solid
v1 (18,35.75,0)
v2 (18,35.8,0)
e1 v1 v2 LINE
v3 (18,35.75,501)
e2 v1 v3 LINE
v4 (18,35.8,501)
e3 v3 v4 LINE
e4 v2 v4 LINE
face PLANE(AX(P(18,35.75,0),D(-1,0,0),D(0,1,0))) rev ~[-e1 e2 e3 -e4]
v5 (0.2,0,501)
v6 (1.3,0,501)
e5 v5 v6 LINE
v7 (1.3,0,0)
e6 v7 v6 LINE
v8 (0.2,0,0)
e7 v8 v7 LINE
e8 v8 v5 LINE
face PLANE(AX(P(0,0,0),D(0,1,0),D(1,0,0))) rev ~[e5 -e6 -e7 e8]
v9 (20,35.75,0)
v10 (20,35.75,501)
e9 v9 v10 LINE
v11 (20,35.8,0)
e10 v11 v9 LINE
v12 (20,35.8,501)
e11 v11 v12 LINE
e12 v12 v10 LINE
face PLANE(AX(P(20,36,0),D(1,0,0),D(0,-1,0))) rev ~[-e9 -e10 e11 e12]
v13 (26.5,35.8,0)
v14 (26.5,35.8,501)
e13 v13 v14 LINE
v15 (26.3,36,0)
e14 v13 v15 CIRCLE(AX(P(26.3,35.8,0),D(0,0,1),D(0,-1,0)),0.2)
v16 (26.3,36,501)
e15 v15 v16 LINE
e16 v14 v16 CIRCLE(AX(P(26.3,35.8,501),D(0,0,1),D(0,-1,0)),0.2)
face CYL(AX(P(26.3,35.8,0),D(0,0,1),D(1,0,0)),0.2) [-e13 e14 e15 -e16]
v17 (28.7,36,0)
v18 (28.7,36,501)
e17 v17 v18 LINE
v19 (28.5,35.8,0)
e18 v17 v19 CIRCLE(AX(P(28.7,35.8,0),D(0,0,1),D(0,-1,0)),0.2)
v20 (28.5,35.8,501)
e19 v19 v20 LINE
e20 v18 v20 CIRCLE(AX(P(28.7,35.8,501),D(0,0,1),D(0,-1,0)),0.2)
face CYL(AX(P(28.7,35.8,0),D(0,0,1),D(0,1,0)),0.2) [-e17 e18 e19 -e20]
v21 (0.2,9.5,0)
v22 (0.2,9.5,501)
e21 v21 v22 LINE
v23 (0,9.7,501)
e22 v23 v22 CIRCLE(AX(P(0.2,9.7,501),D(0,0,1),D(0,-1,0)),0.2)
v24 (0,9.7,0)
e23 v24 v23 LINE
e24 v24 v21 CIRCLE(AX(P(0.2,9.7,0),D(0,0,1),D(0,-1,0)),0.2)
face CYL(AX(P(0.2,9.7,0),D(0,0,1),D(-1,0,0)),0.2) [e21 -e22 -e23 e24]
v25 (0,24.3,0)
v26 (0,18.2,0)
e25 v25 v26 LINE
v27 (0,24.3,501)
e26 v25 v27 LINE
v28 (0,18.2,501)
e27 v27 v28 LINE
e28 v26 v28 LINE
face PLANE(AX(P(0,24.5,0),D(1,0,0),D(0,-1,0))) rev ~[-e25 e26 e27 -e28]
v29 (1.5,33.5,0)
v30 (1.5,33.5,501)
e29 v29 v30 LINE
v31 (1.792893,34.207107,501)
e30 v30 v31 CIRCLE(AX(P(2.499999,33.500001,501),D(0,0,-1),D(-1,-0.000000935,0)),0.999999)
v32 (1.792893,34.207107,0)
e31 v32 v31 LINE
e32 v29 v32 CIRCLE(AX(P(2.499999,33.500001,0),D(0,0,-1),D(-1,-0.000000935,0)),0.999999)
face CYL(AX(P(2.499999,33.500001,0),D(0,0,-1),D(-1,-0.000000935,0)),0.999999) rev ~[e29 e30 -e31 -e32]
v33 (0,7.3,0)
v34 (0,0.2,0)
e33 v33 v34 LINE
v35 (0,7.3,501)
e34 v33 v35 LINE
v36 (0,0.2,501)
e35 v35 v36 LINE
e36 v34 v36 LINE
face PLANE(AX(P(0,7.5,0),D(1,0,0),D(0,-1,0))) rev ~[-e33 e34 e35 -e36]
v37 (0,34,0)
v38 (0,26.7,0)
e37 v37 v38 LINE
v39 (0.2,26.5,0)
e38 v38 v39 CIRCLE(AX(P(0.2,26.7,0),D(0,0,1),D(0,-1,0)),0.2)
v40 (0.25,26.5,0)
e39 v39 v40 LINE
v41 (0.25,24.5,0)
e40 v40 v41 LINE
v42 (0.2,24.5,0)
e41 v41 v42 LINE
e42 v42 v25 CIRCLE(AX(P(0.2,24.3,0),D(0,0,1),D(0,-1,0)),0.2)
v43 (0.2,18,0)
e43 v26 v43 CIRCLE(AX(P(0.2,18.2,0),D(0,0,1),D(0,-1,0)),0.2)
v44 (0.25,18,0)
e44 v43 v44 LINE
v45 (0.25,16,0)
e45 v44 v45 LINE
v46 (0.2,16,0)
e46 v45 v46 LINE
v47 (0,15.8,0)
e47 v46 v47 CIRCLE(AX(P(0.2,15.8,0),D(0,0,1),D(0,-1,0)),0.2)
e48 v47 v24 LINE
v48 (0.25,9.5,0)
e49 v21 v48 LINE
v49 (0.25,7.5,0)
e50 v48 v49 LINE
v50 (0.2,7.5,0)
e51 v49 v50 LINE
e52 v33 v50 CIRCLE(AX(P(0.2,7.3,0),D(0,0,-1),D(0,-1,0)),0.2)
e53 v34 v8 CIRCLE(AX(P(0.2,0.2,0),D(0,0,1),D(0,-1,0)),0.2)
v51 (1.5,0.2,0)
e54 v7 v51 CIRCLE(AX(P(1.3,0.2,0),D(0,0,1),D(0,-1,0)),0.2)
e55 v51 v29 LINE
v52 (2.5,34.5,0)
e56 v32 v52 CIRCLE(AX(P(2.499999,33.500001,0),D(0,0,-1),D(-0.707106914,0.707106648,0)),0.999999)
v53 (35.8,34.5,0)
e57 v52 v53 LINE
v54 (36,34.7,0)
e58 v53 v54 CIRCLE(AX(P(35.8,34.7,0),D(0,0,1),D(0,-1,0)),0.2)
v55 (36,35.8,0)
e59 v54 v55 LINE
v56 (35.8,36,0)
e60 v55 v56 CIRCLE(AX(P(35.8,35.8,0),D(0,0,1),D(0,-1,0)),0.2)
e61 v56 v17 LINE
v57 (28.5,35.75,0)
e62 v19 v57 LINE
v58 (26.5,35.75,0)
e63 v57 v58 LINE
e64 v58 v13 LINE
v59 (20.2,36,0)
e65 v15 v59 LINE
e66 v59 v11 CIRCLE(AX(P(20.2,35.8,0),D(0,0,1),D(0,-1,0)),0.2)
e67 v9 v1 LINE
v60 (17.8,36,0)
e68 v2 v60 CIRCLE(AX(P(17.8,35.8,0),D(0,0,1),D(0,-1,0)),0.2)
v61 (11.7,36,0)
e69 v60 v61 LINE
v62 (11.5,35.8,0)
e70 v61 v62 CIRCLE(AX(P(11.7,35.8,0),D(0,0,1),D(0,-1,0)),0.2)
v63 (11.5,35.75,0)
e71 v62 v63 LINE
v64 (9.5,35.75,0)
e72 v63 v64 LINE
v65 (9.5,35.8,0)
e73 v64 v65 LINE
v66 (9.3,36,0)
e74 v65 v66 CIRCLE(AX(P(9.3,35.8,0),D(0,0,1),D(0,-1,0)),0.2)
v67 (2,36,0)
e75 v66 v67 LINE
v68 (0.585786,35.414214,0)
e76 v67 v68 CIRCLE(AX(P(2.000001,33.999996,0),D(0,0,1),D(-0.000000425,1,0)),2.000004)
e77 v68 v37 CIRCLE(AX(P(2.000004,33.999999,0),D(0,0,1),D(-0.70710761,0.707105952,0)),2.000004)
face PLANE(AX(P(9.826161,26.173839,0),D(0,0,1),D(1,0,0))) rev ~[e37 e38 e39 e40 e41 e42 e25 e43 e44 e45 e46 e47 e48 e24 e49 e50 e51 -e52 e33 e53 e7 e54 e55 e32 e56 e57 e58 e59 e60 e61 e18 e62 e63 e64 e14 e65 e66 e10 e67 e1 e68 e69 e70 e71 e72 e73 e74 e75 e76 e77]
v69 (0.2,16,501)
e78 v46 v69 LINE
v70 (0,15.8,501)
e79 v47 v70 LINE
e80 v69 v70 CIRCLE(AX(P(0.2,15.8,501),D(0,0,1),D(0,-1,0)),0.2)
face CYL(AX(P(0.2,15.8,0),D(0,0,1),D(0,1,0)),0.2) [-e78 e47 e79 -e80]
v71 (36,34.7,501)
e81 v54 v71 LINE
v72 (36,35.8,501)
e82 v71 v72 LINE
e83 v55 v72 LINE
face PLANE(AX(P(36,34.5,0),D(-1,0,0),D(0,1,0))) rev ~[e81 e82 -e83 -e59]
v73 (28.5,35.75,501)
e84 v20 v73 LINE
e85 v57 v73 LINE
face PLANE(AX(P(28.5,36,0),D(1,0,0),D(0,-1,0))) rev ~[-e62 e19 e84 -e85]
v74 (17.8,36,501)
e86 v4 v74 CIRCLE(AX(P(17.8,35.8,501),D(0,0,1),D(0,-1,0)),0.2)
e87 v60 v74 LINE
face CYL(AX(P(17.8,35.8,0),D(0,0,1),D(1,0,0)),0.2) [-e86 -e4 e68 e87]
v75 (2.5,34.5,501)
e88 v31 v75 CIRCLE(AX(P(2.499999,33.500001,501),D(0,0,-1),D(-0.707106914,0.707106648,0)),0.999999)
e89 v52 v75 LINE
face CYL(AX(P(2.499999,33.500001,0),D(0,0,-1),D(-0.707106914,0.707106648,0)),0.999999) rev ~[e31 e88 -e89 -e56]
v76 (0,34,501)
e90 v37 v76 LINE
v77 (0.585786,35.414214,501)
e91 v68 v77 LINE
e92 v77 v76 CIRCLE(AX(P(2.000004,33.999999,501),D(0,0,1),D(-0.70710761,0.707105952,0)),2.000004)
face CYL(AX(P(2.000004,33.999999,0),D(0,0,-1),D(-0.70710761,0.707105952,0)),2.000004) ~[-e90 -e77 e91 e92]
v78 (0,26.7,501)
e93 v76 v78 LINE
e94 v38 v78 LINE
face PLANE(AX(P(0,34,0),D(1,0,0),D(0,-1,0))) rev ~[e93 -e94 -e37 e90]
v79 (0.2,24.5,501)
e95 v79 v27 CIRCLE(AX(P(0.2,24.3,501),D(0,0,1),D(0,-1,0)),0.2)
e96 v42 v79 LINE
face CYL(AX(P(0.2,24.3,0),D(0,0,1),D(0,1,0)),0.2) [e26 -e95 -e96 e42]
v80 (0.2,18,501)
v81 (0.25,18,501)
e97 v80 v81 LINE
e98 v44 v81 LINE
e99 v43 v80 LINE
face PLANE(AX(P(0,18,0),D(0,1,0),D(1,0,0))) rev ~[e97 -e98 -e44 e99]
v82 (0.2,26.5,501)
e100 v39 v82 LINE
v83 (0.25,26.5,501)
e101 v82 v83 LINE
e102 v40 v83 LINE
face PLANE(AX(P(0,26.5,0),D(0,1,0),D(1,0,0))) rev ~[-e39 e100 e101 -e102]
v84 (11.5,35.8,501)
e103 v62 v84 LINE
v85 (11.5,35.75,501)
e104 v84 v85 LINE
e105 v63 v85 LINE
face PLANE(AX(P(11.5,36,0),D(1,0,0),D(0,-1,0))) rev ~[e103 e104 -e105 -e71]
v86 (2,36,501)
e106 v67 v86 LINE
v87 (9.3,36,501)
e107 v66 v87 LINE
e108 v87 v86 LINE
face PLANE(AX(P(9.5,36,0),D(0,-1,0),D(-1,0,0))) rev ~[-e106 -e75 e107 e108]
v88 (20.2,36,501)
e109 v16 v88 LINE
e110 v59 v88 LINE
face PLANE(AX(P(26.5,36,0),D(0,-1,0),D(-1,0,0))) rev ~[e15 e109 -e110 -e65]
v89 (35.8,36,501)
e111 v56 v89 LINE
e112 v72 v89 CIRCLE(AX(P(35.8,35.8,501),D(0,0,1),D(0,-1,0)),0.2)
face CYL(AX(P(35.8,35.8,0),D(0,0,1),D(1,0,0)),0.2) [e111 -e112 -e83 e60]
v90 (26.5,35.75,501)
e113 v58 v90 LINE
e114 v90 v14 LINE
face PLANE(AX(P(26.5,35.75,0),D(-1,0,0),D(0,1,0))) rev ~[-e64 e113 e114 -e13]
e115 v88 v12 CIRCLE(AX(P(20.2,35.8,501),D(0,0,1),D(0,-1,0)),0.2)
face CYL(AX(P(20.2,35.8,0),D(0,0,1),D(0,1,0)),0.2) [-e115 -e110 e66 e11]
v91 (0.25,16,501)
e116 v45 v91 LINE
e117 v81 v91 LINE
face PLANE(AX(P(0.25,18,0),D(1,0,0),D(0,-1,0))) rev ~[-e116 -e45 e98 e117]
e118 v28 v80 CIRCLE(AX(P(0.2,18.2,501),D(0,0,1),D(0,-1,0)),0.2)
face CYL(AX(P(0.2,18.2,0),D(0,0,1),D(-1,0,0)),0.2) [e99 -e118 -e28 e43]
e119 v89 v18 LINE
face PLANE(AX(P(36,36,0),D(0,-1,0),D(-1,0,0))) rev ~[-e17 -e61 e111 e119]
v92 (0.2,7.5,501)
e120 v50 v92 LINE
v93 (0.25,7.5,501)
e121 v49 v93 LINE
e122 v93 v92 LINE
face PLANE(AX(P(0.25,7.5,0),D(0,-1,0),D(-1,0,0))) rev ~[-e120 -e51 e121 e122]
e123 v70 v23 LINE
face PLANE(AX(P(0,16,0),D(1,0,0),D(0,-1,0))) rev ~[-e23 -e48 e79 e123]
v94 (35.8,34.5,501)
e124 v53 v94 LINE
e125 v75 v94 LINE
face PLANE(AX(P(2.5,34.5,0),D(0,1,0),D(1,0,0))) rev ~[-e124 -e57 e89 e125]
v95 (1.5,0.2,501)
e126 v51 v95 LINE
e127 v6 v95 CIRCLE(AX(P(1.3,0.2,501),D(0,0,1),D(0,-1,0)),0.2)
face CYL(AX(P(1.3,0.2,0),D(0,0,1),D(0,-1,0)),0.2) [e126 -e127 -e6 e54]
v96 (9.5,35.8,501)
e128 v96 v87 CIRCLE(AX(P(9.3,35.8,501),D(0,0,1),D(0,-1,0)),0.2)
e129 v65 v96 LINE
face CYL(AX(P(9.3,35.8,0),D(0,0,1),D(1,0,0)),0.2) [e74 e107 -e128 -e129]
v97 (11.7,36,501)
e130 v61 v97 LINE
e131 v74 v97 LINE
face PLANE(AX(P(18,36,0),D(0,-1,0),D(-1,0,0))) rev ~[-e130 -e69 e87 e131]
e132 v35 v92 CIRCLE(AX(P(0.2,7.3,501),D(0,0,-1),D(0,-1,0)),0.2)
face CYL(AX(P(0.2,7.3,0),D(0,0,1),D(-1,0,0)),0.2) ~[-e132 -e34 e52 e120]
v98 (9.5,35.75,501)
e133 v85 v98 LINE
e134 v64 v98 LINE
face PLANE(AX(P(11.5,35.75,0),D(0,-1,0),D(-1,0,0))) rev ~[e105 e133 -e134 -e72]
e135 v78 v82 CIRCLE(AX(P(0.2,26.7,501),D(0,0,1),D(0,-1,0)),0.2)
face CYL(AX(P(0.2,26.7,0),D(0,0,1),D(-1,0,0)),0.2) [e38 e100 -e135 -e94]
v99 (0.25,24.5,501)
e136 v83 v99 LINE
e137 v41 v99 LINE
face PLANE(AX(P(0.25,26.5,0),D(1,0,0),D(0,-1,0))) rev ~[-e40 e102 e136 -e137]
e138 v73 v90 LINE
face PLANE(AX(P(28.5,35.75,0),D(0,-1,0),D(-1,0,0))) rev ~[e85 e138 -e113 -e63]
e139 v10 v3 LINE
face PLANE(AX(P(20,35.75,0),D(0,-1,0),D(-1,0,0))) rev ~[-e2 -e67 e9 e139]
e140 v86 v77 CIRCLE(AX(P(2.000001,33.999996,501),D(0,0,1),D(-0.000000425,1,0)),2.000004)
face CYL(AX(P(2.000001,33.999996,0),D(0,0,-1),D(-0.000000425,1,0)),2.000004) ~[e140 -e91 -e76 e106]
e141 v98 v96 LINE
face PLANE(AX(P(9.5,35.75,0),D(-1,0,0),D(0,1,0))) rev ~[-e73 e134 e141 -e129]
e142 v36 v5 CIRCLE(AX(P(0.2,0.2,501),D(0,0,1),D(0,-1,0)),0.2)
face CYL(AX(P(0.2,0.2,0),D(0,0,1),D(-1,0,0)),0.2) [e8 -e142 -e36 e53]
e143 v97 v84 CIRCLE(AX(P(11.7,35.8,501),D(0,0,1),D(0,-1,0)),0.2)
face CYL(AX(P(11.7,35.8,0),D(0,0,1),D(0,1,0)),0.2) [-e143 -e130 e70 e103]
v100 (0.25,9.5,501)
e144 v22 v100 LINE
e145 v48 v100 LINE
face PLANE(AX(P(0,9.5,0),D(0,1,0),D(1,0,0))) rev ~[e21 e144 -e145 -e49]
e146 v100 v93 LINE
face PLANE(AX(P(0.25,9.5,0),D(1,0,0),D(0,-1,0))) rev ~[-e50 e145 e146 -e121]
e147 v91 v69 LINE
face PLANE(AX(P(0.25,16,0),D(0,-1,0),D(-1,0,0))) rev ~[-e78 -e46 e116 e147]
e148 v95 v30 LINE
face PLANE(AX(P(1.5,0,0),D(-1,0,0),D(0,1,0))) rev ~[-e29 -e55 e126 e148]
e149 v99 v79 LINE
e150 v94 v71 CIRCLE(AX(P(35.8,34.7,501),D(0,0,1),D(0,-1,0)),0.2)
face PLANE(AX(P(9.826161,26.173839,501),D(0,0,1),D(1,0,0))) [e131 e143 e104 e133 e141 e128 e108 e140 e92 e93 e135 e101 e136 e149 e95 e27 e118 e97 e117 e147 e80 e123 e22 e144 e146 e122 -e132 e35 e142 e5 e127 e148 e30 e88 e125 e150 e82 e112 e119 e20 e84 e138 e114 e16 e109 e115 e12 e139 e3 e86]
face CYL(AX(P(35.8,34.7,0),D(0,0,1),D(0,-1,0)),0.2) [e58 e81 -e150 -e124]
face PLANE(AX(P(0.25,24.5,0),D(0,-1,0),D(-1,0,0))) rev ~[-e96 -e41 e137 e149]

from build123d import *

# Parameters (mm, degrees)
F1_DEPTH = 501
F2_R     = 0.2


with BuildPart() as f1:
    # F0 (on Top) → F1 (new body)
    with BuildSketch(Plane.XY):
        with BuildLine():
            Line((0, 7.5), (0, 0))
            Line((0, 0), (1.5, 0))
            Line((1.5, 0), (1.5, 33.5))
            ThreePointArc((1.5, 33.5), (1.57612, 33.882683), (1.792893, 34.207107))
            ThreePointArc((1.792893, 34.207107), (2.117317, 34.42388), (2.5, 34.5))
            Line((2.5, 34.5), (36, 34.5))
            Line((36, 34.5), (36, 36))
            Line((36, 36), (28.5, 36))
            Line((28.5, 36), (28.5, 35.75))
            Line((28.5, 35.75), (26.5, 35.75))
            Line((26.5, 35.75), (26.5, 36))
            Line((26.5, 36), (20, 36))
            Line((20, 36), (20, 35.75))
            Line((20, 35.75), (18, 35.75))
            Line((18, 35.75), (18, 36))
            Line((18, 36), (11.5, 36))
            Line((11.5, 36), (11.5, 35.75))
            Line((11.5, 35.75), (9.5, 35.75))
            Line((9.5, 35.75), (9.5, 36))
            Line((9.5, 36), (2, 36))
            ThreePointArc((2, 36), (1.234633, 35.847759), (0.585786, 35.414214))
            ThreePointArc((0.585786, 35.414214), (0.152241, 34.765367), (0, 34))
            Line((0, 34), (0, 26.5))
            Line((0, 26.5), (0.25, 26.5))
            Line((0.25, 26.5), (0.25, 24.5))
            Line((0.25, 24.5), (0, 24.5))
            Line((0, 24.5), (0, 18))
            Line((0, 18), (0.25, 18))
            Line((0.25, 18), (0.25, 16))
            Line((0.25, 16), (0, 16))
            Line((0, 16), (0, 9.5))
            Line((0, 9.5), (0.25, 9.5))
            Line((0.25, 9.5), (0.25, 7.5))
            Line((0.25, 7.5), (0, 7.5))
        make_face()
    extrude(amount=F1_DEPTH)

    # F2
    f2_edges = [f1.edges().sort_by_distance(p)[0] for p in [
        (0, 16, 250.5),
        (0, 18, 250.5),
        (0, 9.5, 250.5),
        (0, 7.5, 250.5),
        (0, 26.5, 250.5),
        (0, 24.5, 250.5),
        (9.5, 36, 250.5),
        (11.5, 36, 250.5),
        (18, 36, 250.5),
        (20, 36, 250.5),
        (26.5, 36, 250.5),
        (28.5, 36, 250.5),
        (36, 36, 250.5),
        (36, 34.5, 250.5),
        (0, 0, 250.5),
        (1.5, 0, 250.5),
    ]]
    fillet(f2_edges, radius=F2_R)


solid = f1.part
